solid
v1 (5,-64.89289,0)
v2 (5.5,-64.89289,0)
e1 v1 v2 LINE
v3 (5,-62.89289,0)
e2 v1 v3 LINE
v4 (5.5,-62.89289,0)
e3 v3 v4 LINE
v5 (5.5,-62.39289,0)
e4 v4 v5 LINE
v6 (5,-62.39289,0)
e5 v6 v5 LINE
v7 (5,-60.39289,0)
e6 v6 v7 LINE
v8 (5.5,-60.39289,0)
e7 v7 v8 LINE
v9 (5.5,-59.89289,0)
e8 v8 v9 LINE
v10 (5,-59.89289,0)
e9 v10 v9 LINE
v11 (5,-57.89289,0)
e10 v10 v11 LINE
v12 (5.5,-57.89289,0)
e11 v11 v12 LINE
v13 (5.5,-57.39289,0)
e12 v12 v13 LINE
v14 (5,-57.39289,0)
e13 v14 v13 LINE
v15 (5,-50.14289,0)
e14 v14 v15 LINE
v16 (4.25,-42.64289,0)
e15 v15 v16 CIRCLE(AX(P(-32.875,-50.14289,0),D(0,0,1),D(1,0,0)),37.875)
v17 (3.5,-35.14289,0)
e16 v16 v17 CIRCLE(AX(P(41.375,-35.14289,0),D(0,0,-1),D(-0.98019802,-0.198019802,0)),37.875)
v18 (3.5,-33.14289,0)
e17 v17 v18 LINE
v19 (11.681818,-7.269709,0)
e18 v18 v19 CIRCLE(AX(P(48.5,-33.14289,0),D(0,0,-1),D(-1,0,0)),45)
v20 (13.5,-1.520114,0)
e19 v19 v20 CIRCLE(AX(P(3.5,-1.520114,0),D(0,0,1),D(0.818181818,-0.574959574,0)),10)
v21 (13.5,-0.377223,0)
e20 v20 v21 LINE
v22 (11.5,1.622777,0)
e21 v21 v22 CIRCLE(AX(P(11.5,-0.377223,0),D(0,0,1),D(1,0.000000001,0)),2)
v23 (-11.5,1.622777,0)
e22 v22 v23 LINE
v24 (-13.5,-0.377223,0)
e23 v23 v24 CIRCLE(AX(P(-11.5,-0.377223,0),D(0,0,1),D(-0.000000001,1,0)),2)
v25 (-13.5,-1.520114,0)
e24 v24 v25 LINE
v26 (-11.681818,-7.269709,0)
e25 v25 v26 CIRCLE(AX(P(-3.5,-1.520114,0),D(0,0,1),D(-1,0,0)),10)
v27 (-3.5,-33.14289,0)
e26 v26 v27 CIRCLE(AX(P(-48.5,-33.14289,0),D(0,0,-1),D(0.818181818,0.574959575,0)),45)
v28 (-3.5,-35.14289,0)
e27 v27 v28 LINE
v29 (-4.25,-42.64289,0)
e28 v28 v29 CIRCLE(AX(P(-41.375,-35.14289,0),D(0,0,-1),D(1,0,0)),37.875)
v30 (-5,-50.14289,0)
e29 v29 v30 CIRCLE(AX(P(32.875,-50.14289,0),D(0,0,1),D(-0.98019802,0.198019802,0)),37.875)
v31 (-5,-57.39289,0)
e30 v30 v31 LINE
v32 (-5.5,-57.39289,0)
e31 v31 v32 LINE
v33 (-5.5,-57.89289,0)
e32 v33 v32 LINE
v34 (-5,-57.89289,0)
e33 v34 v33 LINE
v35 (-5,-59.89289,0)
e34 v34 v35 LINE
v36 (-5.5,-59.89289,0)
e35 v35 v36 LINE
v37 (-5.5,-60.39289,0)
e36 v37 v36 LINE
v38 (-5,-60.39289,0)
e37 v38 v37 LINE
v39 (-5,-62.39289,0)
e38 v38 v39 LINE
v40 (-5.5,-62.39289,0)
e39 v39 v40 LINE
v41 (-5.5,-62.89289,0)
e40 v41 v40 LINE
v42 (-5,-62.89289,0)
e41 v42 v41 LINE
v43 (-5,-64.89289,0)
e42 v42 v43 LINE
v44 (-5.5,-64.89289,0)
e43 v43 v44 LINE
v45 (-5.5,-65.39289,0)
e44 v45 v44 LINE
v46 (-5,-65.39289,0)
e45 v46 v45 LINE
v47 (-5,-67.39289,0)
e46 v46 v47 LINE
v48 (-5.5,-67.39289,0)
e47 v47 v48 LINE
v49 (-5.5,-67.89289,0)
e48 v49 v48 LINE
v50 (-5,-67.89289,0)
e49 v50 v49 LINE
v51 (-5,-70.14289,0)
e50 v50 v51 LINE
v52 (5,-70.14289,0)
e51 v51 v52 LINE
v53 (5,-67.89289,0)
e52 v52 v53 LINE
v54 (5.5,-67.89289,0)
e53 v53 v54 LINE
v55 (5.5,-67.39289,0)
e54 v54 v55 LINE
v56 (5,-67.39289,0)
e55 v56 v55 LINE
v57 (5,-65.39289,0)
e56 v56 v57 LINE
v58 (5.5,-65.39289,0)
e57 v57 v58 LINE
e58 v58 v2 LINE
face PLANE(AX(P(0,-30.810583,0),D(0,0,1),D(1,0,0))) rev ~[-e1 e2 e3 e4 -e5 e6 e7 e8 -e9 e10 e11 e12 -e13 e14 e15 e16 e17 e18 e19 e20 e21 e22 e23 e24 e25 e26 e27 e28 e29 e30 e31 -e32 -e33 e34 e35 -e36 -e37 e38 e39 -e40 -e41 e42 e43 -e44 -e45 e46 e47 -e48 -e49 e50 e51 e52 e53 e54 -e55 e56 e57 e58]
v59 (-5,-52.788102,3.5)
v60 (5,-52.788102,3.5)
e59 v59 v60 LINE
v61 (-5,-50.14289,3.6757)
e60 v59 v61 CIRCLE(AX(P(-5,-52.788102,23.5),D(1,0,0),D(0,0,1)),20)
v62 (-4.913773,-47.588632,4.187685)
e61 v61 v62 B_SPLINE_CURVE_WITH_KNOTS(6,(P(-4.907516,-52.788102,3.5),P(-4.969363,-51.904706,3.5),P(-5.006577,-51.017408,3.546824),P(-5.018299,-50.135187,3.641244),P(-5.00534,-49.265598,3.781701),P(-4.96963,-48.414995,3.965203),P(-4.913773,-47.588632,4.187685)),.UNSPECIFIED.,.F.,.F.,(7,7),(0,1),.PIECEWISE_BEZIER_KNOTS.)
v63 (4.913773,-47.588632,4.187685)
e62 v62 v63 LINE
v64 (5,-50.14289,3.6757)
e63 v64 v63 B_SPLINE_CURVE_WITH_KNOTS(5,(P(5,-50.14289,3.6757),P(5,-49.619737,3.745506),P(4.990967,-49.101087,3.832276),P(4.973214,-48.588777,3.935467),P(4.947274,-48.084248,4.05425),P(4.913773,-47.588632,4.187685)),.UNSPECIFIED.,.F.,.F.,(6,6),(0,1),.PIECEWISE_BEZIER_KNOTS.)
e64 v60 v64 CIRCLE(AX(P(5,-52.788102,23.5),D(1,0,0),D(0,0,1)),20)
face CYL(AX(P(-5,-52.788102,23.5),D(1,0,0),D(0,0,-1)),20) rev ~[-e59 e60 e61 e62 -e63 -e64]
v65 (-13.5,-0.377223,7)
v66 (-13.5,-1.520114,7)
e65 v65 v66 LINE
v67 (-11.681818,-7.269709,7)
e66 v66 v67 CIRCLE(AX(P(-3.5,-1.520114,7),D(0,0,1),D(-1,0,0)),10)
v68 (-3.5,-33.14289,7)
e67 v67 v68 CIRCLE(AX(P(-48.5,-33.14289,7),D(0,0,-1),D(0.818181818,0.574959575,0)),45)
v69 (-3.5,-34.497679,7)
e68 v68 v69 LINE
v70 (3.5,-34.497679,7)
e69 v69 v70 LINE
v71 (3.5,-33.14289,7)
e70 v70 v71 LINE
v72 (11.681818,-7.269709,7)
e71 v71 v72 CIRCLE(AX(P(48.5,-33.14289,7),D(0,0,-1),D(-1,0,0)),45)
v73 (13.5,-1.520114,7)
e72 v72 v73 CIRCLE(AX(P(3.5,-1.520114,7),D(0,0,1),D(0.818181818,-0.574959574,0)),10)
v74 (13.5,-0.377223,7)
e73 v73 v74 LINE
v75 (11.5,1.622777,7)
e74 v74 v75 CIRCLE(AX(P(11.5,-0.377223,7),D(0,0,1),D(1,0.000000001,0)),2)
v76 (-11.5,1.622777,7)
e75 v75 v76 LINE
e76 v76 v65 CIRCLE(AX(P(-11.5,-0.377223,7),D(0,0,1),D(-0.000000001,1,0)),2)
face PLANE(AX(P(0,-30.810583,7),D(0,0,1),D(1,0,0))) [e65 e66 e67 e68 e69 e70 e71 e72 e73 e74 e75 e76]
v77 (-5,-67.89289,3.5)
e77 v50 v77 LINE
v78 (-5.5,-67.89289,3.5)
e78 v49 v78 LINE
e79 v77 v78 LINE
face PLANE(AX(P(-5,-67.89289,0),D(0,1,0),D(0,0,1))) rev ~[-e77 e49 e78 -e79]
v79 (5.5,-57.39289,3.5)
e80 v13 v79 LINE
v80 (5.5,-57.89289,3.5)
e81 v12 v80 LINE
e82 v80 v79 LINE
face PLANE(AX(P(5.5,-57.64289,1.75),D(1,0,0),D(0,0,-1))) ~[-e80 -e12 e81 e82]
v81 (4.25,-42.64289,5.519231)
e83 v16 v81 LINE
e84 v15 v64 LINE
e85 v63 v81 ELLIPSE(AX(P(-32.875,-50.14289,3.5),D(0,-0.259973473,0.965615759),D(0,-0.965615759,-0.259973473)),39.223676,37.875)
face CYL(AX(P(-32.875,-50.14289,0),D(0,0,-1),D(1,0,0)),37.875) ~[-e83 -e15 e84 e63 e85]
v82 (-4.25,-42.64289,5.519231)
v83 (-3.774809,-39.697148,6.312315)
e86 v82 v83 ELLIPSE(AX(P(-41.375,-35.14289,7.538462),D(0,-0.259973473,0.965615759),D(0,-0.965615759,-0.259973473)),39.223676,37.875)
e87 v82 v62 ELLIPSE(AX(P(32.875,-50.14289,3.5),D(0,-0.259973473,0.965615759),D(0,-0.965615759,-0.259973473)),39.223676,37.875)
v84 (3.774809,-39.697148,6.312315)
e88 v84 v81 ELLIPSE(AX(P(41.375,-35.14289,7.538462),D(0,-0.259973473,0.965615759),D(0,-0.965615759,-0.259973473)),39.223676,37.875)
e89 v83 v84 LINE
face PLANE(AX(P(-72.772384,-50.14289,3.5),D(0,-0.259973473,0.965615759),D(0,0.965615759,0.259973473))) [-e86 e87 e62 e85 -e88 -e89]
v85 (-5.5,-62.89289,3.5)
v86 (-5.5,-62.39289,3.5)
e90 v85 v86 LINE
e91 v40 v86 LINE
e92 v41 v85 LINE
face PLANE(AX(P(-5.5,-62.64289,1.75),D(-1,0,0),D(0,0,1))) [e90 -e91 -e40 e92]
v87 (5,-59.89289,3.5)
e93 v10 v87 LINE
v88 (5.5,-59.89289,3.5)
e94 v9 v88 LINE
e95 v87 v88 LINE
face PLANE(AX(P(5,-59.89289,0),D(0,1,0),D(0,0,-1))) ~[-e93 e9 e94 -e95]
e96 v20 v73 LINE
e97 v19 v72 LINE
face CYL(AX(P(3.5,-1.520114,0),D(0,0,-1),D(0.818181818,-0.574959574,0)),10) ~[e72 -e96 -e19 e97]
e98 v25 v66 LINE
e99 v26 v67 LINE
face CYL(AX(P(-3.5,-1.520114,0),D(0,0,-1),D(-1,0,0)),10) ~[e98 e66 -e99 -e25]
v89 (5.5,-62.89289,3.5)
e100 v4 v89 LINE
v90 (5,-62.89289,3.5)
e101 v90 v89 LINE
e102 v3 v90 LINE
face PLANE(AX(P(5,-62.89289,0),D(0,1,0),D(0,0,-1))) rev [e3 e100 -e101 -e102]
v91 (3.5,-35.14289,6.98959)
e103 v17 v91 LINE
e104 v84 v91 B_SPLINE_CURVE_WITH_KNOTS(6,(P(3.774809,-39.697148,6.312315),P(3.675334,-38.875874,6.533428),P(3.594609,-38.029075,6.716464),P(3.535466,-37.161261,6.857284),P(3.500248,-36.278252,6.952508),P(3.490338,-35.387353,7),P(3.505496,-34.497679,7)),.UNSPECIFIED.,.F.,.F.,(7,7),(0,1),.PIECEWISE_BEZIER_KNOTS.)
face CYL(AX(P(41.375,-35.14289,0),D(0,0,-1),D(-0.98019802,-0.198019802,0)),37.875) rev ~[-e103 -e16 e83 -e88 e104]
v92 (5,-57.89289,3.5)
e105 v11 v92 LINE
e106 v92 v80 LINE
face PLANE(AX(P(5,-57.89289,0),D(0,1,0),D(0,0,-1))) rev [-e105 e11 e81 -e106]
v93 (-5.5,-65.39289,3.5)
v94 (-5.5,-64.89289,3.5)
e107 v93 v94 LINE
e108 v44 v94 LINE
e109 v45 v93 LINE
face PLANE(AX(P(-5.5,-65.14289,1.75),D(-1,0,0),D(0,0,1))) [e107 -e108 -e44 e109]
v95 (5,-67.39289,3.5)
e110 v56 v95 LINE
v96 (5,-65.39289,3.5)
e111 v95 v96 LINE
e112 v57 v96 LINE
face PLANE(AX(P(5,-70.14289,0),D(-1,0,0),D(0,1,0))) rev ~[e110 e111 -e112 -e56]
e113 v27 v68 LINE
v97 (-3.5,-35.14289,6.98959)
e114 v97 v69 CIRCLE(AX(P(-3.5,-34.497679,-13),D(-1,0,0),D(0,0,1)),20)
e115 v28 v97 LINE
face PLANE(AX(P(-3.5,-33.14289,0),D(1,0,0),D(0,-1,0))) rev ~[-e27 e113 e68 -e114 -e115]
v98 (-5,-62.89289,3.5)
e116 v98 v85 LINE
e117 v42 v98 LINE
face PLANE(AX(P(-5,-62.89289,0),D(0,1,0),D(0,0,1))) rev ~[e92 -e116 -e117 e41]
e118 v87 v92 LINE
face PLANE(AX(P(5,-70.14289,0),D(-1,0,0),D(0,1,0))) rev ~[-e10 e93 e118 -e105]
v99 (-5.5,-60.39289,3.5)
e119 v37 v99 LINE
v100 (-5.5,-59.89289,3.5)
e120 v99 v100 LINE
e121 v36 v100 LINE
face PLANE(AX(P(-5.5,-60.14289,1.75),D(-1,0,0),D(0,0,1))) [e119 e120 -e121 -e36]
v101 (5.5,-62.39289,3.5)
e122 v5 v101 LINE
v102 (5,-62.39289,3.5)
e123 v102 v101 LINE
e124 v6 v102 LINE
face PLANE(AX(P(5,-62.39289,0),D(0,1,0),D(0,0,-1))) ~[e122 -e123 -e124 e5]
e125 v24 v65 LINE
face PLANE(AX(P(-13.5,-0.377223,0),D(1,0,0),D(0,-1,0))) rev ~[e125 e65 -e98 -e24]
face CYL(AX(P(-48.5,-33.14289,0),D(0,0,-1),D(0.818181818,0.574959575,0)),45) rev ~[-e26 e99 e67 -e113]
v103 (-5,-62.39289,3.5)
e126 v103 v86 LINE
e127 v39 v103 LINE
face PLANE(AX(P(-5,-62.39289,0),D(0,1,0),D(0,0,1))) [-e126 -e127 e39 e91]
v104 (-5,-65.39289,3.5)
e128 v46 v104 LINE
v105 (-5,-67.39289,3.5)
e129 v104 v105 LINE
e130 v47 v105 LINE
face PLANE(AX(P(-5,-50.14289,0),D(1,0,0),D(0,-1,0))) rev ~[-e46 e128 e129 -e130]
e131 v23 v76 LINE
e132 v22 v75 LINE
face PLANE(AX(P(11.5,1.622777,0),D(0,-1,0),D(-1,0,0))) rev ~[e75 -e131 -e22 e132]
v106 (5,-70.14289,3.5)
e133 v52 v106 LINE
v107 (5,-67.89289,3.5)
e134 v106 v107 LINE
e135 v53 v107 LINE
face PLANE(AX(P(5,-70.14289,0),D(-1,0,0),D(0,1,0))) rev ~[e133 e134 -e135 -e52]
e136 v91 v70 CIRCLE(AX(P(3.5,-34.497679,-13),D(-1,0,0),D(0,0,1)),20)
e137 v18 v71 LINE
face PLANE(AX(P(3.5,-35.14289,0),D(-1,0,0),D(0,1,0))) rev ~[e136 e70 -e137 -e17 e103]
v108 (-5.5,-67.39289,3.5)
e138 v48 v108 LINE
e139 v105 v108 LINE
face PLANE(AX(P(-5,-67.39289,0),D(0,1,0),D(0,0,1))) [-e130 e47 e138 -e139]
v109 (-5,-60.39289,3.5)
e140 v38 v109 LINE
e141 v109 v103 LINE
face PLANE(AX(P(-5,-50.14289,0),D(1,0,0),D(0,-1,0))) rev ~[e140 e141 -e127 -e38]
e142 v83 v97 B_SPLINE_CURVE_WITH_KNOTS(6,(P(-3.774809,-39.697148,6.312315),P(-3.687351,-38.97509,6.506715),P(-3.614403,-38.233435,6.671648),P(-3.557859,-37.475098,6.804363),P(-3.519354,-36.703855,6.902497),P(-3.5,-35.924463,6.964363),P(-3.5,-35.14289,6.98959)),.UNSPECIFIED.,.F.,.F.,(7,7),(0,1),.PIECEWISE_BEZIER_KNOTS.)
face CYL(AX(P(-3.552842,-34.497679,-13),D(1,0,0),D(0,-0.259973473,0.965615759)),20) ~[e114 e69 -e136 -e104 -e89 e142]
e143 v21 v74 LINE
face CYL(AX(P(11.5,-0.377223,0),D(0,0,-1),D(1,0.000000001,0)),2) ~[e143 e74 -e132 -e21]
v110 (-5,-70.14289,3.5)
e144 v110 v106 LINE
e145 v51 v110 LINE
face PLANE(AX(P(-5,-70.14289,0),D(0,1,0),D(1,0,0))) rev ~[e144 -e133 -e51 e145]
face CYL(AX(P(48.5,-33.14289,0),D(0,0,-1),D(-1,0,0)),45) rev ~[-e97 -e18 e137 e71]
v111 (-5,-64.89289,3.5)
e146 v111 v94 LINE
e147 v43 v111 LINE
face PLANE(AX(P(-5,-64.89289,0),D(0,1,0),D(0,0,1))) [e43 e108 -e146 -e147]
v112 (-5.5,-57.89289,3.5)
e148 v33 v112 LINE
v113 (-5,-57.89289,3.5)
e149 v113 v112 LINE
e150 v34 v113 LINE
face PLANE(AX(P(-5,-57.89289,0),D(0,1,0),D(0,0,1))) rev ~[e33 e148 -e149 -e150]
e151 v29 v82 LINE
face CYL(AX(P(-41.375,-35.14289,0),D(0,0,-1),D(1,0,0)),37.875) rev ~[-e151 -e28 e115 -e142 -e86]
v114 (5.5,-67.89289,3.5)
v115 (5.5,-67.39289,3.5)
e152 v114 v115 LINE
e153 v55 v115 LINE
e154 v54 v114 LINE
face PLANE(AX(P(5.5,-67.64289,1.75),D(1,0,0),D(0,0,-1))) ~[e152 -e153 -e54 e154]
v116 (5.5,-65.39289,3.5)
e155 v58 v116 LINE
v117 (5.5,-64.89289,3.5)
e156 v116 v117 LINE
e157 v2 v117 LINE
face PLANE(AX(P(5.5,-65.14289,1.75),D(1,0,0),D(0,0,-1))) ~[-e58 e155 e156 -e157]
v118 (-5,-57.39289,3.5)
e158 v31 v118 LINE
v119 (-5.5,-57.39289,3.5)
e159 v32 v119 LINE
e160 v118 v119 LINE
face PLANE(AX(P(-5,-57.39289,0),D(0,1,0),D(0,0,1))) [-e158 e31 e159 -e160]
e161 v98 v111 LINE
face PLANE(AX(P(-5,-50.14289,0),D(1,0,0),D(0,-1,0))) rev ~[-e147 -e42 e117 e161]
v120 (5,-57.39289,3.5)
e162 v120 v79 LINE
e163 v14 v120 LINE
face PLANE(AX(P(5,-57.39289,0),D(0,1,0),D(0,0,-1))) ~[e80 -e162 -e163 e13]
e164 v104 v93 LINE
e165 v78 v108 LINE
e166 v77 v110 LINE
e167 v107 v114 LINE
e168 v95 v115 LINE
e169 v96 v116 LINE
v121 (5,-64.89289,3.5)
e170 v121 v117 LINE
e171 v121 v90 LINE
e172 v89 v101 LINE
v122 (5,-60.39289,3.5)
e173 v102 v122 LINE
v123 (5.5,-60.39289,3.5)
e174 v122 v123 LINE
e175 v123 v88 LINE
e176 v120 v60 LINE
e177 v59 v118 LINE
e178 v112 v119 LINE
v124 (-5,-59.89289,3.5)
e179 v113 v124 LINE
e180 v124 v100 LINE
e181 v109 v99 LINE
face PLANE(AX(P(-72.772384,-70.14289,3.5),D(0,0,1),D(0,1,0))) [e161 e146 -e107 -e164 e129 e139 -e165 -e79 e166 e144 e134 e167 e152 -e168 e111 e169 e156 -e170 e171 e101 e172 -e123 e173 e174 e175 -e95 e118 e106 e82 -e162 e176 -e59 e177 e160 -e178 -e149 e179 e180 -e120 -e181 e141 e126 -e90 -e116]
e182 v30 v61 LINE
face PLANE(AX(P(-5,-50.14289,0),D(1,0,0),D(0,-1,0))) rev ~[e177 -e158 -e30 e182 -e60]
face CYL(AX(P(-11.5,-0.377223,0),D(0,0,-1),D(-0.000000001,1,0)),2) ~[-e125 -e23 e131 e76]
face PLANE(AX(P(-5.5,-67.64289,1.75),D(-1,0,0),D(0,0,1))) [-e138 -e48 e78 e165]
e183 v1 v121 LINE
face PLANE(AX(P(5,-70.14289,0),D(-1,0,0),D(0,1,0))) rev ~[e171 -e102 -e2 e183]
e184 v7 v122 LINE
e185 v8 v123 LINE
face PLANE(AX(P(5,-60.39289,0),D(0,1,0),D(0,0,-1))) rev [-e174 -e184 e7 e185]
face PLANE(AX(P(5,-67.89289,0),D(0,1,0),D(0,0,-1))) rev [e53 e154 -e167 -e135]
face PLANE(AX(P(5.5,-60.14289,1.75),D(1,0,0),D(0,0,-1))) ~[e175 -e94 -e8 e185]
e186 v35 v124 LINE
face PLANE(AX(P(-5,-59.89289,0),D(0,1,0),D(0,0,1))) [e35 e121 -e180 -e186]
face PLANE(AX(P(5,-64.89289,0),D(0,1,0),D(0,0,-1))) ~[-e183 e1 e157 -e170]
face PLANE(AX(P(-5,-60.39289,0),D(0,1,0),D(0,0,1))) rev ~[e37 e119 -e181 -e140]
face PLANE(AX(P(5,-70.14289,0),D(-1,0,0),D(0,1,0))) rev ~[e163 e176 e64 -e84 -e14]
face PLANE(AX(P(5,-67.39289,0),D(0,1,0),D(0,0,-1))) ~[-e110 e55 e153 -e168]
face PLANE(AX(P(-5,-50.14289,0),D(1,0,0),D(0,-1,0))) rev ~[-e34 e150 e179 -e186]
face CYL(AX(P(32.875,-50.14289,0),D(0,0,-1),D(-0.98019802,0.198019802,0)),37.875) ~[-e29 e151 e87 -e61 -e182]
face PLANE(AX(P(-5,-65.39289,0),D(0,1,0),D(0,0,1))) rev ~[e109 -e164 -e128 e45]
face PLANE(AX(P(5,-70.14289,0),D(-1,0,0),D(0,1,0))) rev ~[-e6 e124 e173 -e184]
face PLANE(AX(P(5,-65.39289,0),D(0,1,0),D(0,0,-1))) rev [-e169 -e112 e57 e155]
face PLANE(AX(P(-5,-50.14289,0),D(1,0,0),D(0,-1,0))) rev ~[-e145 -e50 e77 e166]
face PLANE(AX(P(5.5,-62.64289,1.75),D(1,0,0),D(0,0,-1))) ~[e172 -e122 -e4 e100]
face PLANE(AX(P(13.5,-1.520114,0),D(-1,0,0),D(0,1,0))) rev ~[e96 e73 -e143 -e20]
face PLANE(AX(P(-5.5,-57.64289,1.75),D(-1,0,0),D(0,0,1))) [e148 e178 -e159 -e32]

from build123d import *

# Parameters (mm, degrees)
BOSS_EXTRUDE1_DEPTH     = 7
CUT_EXTRUDE4_DEPTH      = 72.7723837
CUT_EXTRUDE4_DEPTH_BACK = 72.7723837
FILLET2_R               = 20
SKETCH5_W               = 3.5
SKETCH5_H               = 0.5
BOSS_EXTRUDE2_DEPTH     = 0.5


with BuildPart() as part:
    # Sketch1 → Boss-Extrude1 (new body)
    with BuildSketch(Plane.XY):
        with BuildLine():
            Line((-5, -50.142890317), (-5, -70.142890317))
            Line((-5, -70.142890317), (5, -70.142890317))
            Line((5, -70.142890317), (5, -50.142890317))
            ThreePointArc((5, -50.142890317), (4.812033579, -46.374186959), (4.25, -42.642890317))
            ThreePointArc((4.25, -42.642890317), (3.687966421, -38.911593674), (3.5, -35.142890317))
            Line((3.5, -35.142890317), (3.5, -33.142890317))
            ThreePointArc((3.5, -33.142890317), (5.594183484, -19.574879811), (11.681818182, -7.269709461))
            ThreePointArc((11.681818182, -7.269709461), (13.034625892, -4.535227161), (13.5, -1.520113715))
            Line((13.5, -1.520113715), (13.5, -0.377223398))
            ThreePointArc((13.5, -0.377223398), (12.914213562, 1.036990164), (11.5, 1.622776602))
            Line((11.5, 1.622776602), (-11.5, 1.622776602))
            ThreePointArc((-11.5, 1.622776602), (-12.914213562, 1.036990164), (-13.5, -0.377223398))
            Line((-13.5, -0.377223398), (-13.5, -1.520113715))
            ThreePointArc((-13.5, -1.520113715), (-13.034625892, -4.535227161), (-11.681818182, -7.269709461))
            ThreePointArc((-11.681818182, -7.269709461), (-5.594183484, -19.574879811), (-3.5, -33.142890317))
            Line((-3.5, -33.142890317), (-3.5, -35.142890317))
            ThreePointArc((-3.5, -35.142890317), (-3.687966421, -38.911593674), (-4.25, -42.642890317))
            ThreePointArc((-4.25, -42.642890317), (-4.812033579, -46.374186959), (-5, -50.142890317))
        make_face()
    extrude(amount=BOSS_EXTRUDE1_DEPTH)

    # Sketch4 → Cut-Extrude4 (cut, two sides: drawn at the far end of the back side and taken through both)
    with BuildSketch(Plane(origin=(0, 0, 0), x_dir=(0, 0, -1), z_dir=(1, 0, 0)).offset(-CUT_EXTRUDE4_DEPTH_BACK)):
        Polygon((-3.5, -70.142890317), (-3.5, -50.142890317), (-7, -37.142890317), (-7, -70.142890317), align=None)
    extrude(amount=CUT_EXTRUDE4_DEPTH + CUT_EXTRUDE4_DEPTH_BACK, mode=Mode.SUBTRACT)

    # Fillet2
    fillet2_edges = [part.edges().sort_by_distance(p)[0] for p in [
        (0, -37.142890317, 7),
        (0, -50.142890317, 3.5),
    ]]
    fillet(fillet2_edges, radius=FILLET2_R)

    # Sketch5 → Boss-Extrude2 (add)
    with BuildSketch(Plane.ZY.offset(5)):
        with Locations((1.75, -65.142890317)):
            Rectangle(SKETCH5_W, SKETCH5_H)
        with Locations((1.75, -62.642890317)):
            Rectangle(SKETCH5_W, SKETCH5_H)
        with Locations((1.75, -60.142890317)):
            Rectangle(SKETCH5_W, SKETCH5_H)
        with Locations((1.75, -67.642890317)):
            Rectangle(SKETCH5_W, SKETCH5_H)
        with Locations((1.75, -57.642890317)):
            Rectangle(SKETCH5_W, SKETCH5_H)
    boss_extrude2 = extrude(amount=BOSS_EXTRUDE2_DEPTH)

    # Mirror1: Boss-Extrude2 across plane
    add(boss_extrude2.mirror(Plane(origin=(0, 0, 0), x_dir=(0, 0, 1), z_dir=(1, 0, 0))))


solid = part.part
